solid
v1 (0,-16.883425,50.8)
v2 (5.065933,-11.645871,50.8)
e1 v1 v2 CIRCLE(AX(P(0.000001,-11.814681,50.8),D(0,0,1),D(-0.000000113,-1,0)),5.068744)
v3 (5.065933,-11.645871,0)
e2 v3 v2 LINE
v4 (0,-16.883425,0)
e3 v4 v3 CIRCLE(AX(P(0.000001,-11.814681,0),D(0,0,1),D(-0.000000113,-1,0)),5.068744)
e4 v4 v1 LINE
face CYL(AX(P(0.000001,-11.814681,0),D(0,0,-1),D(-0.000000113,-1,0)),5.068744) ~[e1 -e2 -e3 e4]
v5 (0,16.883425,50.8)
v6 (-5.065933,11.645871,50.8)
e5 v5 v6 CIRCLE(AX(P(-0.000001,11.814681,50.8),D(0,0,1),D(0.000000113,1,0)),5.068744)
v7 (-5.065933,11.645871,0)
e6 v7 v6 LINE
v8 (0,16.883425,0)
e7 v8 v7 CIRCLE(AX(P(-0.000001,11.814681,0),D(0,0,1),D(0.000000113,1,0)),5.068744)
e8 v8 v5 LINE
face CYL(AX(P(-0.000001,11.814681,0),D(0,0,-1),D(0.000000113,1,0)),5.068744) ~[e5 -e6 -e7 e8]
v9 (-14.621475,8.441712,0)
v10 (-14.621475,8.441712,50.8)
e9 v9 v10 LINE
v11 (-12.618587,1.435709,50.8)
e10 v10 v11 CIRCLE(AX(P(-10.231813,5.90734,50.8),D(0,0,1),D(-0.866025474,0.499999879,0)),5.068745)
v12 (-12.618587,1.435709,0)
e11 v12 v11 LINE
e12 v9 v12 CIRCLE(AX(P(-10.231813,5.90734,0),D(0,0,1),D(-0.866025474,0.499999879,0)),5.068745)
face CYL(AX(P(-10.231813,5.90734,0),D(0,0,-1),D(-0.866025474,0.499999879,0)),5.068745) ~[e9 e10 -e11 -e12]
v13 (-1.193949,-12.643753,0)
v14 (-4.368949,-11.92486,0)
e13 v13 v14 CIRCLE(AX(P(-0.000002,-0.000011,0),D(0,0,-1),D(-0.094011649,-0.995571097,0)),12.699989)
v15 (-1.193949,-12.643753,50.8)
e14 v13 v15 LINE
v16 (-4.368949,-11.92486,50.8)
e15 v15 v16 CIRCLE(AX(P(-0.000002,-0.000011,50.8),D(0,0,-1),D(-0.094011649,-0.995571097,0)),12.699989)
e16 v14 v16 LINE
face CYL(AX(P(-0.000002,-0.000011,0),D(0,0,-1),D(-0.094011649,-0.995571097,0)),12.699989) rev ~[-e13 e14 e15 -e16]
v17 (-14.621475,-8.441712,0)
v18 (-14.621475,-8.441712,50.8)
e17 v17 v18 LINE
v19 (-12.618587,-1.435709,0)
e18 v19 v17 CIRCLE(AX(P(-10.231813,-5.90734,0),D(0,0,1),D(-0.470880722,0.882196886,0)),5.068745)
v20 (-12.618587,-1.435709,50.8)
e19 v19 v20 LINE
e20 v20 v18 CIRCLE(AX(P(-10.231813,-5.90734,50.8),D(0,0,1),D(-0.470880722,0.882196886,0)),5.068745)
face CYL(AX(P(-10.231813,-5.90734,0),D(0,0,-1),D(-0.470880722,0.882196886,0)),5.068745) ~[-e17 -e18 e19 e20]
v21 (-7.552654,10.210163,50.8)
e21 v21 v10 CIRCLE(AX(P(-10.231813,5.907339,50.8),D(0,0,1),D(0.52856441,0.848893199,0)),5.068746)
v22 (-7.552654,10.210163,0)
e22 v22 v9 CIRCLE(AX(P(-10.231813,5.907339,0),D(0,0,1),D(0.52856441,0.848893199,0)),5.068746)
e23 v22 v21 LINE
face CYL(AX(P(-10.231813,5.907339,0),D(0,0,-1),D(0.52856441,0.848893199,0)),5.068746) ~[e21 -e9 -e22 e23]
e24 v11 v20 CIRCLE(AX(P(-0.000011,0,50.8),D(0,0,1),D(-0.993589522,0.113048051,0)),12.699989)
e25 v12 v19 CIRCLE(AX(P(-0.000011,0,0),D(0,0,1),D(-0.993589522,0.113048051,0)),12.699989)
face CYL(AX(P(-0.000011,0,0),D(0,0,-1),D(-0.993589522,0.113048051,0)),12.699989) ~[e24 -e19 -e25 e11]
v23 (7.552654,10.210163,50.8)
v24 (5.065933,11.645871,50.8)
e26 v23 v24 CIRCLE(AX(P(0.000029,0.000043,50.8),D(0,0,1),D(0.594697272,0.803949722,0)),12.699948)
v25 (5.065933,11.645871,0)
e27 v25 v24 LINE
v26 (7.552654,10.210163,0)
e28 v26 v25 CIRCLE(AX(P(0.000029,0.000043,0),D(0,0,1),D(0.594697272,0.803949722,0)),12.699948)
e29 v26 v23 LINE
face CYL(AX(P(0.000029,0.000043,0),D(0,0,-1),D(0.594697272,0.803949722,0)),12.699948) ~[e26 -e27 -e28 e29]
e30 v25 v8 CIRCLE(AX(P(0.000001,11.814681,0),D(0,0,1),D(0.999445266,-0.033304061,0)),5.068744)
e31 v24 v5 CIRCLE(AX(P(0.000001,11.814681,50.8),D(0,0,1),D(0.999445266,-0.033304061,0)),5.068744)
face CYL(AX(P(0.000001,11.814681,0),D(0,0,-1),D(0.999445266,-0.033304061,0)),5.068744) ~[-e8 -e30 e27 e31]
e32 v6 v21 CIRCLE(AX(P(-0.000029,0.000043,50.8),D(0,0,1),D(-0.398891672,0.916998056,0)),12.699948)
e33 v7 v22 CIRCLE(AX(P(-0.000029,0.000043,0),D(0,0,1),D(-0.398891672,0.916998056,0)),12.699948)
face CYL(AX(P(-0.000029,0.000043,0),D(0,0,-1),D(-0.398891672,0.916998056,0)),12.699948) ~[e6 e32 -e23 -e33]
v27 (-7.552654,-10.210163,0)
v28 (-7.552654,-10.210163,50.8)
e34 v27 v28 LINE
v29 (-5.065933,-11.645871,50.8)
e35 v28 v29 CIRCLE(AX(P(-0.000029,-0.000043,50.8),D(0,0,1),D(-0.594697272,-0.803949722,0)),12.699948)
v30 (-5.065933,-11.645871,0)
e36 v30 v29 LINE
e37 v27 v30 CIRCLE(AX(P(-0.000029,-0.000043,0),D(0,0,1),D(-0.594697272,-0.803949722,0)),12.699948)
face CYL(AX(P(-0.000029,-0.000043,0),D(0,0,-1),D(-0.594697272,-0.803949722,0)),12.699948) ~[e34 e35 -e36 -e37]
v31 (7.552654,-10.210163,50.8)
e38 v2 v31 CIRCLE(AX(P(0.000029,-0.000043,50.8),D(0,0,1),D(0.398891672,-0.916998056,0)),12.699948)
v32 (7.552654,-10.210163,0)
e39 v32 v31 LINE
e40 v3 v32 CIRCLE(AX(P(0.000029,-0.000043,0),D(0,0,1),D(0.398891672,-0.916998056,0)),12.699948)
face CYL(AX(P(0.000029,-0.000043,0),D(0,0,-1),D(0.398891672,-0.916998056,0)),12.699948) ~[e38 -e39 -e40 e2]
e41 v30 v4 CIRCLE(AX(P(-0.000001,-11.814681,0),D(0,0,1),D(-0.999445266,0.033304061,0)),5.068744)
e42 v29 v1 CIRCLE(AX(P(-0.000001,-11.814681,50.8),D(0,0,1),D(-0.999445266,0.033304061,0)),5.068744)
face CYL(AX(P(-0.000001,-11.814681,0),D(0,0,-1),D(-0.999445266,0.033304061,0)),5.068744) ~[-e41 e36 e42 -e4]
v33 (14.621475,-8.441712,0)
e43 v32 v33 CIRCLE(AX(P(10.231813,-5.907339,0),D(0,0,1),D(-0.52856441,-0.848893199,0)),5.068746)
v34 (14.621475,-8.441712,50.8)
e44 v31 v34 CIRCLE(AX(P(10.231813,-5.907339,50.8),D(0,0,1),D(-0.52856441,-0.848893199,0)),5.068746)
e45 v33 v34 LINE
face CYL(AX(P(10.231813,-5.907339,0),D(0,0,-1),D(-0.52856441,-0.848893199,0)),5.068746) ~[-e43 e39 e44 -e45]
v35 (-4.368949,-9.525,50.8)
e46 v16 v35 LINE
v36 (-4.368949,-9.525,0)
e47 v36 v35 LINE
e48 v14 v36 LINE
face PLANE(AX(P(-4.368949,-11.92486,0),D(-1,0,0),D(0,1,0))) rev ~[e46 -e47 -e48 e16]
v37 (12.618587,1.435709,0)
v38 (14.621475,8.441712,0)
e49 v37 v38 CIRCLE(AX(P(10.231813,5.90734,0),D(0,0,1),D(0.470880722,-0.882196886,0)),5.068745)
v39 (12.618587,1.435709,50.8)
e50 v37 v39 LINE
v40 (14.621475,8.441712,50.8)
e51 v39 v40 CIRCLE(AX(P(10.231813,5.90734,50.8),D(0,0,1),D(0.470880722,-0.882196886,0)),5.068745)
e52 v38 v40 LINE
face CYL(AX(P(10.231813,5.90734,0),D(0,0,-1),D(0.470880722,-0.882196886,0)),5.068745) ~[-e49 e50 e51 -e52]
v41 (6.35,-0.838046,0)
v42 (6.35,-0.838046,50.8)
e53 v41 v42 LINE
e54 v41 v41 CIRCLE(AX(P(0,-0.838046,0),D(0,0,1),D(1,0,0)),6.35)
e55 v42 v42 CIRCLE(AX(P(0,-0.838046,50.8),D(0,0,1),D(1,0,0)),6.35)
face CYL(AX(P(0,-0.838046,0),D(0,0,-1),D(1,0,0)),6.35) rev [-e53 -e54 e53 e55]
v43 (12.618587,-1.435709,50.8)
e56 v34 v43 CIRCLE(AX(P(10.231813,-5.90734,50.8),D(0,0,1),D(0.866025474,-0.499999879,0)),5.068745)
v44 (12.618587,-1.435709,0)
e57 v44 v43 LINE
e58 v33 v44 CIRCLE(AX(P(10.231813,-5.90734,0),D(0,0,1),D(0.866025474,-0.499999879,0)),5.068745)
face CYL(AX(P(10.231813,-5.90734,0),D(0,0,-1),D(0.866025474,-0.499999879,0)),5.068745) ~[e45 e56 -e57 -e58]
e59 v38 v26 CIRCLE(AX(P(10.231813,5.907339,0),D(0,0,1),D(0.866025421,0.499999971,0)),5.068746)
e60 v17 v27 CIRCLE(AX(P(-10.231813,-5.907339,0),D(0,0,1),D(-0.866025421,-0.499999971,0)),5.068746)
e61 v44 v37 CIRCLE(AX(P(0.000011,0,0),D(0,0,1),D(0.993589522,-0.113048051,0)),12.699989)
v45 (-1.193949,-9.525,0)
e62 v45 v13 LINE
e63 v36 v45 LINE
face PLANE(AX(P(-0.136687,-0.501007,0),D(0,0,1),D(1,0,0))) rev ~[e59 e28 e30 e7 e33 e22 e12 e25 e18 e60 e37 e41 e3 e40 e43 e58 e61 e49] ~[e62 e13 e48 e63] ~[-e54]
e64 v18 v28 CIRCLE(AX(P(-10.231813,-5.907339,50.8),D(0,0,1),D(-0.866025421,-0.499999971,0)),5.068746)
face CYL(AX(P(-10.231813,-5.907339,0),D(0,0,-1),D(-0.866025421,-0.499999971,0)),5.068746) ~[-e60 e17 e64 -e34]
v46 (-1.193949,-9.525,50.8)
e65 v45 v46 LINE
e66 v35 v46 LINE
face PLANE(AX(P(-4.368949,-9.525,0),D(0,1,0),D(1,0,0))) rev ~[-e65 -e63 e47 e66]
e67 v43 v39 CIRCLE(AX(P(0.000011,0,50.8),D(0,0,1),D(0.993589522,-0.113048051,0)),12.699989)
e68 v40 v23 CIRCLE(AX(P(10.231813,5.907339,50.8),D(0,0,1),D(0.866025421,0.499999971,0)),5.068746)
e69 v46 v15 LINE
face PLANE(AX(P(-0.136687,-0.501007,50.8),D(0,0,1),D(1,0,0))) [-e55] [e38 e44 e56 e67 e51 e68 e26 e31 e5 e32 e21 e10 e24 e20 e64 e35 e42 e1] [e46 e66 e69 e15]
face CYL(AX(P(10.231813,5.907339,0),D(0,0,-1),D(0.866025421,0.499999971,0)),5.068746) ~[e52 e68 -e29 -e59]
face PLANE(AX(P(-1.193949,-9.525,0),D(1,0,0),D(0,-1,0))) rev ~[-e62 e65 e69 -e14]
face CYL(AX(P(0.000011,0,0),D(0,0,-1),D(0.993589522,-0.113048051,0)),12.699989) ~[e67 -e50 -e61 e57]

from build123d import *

# Parameters (mm, degrees)
F0_R     = 6.35
F1_DEPTH = 50.8


with BuildPart() as f1:
    # F0 (on Top) → F1 (new body)
    with BuildSketch(Plane.XY):
        with BuildLine():
            ThreePointArc((5.065933, 11.645871), (3.643338, 15.338636), (0, 16.883425))
            ThreePointArc((0, 16.883425), (-3.643338, 15.338636), (-5.065933, 11.645871))
            ThreePointArc((-5.065933, 11.645871), (-6.35, 10.998523), (-7.552654, 10.210163))
            ThreePointArc((-7.552654, 10.210163), (-10.998523, 6.35), (-12.618587, 1.435709))
            ThreePointArc((-12.618587, 1.435709), (-12.7, 0), (-12.618587, -1.435709))
            ThreePointArc((-12.618587, -1.435709), (-15.105317, -4.514095), (-14.621475, -8.441712))
            ThreePointArc((-14.621475, -8.441712), (-11.461979, -10.824541), (-7.552654, -10.210163))
            ThreePointArc((-7.552654, -10.210163), (-6.35, -10.998523), (-5.065933, -11.645871))
            ThreePointArc((-5.065933, -11.645871), (-4.719503, -11.790517), (-4.368949, -11.92486))
            Line((-4.368949, -11.92486), (-4.368949, -9.525))
            Line((-4.368949, -9.525), (-1.193949, -9.525))
            Line((-1.193949, -9.525), (-1.193949, -12.643753))
            ThreePointArc((-1.193949, -12.643753), (1.999251, -12.54165), (5.065933, -11.645871))
            ThreePointArc((5.065933, -11.645871), (6.35, -10.998523), (7.552654, -10.210163))
            ThreePointArc((7.552654, -10.210163), (11.461979, -10.824541), (14.621475, -8.441712))
            ThreePointArc((14.621475, -8.441712), (15.105317, -4.514095), (12.618587, -1.435709))
            ThreePointArc((12.618587, -1.435709), (12.7, 0), (12.618587, 1.435709))
            ThreePointArc((12.618587, 1.435709), (10.998523, 6.35), (7.552654, 10.210163))
            ThreePointArc((7.552654, 10.210163), (6.35, 10.998523), (5.065933, 11.645871))
        make_face()
        with Locations((0, -0.838046)):
            Circle(F0_R, mode=Mode.SUBTRACT)
        with BuildLine():
            ThreePointArc((-12.618587, 1.435709), (-10.998523, 6.35), (-7.552654, 10.210163))
            ThreePointArc((-7.552654, 10.210163), (-11.461979, 10.824541), (-14.621475, 8.441712))
            ThreePointArc((-14.621475, 8.441712), (-15.105317, 4.514095), (-12.618587, 1.435709))
        make_face()
        with BuildLine():
            ThreePointArc((14.621475, 8.441712), (11.461979, 10.824541), (7.552654, 10.210163))
            ThreePointArc((7.552654, 10.210163), (10.998523, 6.35), (12.618587, 1.435709))
            ThreePointArc((12.618587, 1.435709), (15.105317, 4.514095), (14.621475, 8.441712))
        make_face()
        with BuildLine():
            ThreePointArc((-4.368949, -11.92486), (-4.719503, -11.790517), (-5.065933, -11.645871))
            ThreePointArc((-5.065933, -11.645871), (-3.643338, -15.338636), (0, -16.883425))
            ThreePointArc((0, -16.883425), (3.643338, -15.338636), (5.065933, -11.645871))
            ThreePointArc((5.065933, -11.645871), (1.999251, -12.54165), (-1.193949, -12.643753))
            ThreePointArc((-1.193949, -12.643753), (-2.804579, -12.386458), (-4.368949, -11.92486))
        make_face()
    extrude(amount=F1_DEPTH)


solid = f1.part
